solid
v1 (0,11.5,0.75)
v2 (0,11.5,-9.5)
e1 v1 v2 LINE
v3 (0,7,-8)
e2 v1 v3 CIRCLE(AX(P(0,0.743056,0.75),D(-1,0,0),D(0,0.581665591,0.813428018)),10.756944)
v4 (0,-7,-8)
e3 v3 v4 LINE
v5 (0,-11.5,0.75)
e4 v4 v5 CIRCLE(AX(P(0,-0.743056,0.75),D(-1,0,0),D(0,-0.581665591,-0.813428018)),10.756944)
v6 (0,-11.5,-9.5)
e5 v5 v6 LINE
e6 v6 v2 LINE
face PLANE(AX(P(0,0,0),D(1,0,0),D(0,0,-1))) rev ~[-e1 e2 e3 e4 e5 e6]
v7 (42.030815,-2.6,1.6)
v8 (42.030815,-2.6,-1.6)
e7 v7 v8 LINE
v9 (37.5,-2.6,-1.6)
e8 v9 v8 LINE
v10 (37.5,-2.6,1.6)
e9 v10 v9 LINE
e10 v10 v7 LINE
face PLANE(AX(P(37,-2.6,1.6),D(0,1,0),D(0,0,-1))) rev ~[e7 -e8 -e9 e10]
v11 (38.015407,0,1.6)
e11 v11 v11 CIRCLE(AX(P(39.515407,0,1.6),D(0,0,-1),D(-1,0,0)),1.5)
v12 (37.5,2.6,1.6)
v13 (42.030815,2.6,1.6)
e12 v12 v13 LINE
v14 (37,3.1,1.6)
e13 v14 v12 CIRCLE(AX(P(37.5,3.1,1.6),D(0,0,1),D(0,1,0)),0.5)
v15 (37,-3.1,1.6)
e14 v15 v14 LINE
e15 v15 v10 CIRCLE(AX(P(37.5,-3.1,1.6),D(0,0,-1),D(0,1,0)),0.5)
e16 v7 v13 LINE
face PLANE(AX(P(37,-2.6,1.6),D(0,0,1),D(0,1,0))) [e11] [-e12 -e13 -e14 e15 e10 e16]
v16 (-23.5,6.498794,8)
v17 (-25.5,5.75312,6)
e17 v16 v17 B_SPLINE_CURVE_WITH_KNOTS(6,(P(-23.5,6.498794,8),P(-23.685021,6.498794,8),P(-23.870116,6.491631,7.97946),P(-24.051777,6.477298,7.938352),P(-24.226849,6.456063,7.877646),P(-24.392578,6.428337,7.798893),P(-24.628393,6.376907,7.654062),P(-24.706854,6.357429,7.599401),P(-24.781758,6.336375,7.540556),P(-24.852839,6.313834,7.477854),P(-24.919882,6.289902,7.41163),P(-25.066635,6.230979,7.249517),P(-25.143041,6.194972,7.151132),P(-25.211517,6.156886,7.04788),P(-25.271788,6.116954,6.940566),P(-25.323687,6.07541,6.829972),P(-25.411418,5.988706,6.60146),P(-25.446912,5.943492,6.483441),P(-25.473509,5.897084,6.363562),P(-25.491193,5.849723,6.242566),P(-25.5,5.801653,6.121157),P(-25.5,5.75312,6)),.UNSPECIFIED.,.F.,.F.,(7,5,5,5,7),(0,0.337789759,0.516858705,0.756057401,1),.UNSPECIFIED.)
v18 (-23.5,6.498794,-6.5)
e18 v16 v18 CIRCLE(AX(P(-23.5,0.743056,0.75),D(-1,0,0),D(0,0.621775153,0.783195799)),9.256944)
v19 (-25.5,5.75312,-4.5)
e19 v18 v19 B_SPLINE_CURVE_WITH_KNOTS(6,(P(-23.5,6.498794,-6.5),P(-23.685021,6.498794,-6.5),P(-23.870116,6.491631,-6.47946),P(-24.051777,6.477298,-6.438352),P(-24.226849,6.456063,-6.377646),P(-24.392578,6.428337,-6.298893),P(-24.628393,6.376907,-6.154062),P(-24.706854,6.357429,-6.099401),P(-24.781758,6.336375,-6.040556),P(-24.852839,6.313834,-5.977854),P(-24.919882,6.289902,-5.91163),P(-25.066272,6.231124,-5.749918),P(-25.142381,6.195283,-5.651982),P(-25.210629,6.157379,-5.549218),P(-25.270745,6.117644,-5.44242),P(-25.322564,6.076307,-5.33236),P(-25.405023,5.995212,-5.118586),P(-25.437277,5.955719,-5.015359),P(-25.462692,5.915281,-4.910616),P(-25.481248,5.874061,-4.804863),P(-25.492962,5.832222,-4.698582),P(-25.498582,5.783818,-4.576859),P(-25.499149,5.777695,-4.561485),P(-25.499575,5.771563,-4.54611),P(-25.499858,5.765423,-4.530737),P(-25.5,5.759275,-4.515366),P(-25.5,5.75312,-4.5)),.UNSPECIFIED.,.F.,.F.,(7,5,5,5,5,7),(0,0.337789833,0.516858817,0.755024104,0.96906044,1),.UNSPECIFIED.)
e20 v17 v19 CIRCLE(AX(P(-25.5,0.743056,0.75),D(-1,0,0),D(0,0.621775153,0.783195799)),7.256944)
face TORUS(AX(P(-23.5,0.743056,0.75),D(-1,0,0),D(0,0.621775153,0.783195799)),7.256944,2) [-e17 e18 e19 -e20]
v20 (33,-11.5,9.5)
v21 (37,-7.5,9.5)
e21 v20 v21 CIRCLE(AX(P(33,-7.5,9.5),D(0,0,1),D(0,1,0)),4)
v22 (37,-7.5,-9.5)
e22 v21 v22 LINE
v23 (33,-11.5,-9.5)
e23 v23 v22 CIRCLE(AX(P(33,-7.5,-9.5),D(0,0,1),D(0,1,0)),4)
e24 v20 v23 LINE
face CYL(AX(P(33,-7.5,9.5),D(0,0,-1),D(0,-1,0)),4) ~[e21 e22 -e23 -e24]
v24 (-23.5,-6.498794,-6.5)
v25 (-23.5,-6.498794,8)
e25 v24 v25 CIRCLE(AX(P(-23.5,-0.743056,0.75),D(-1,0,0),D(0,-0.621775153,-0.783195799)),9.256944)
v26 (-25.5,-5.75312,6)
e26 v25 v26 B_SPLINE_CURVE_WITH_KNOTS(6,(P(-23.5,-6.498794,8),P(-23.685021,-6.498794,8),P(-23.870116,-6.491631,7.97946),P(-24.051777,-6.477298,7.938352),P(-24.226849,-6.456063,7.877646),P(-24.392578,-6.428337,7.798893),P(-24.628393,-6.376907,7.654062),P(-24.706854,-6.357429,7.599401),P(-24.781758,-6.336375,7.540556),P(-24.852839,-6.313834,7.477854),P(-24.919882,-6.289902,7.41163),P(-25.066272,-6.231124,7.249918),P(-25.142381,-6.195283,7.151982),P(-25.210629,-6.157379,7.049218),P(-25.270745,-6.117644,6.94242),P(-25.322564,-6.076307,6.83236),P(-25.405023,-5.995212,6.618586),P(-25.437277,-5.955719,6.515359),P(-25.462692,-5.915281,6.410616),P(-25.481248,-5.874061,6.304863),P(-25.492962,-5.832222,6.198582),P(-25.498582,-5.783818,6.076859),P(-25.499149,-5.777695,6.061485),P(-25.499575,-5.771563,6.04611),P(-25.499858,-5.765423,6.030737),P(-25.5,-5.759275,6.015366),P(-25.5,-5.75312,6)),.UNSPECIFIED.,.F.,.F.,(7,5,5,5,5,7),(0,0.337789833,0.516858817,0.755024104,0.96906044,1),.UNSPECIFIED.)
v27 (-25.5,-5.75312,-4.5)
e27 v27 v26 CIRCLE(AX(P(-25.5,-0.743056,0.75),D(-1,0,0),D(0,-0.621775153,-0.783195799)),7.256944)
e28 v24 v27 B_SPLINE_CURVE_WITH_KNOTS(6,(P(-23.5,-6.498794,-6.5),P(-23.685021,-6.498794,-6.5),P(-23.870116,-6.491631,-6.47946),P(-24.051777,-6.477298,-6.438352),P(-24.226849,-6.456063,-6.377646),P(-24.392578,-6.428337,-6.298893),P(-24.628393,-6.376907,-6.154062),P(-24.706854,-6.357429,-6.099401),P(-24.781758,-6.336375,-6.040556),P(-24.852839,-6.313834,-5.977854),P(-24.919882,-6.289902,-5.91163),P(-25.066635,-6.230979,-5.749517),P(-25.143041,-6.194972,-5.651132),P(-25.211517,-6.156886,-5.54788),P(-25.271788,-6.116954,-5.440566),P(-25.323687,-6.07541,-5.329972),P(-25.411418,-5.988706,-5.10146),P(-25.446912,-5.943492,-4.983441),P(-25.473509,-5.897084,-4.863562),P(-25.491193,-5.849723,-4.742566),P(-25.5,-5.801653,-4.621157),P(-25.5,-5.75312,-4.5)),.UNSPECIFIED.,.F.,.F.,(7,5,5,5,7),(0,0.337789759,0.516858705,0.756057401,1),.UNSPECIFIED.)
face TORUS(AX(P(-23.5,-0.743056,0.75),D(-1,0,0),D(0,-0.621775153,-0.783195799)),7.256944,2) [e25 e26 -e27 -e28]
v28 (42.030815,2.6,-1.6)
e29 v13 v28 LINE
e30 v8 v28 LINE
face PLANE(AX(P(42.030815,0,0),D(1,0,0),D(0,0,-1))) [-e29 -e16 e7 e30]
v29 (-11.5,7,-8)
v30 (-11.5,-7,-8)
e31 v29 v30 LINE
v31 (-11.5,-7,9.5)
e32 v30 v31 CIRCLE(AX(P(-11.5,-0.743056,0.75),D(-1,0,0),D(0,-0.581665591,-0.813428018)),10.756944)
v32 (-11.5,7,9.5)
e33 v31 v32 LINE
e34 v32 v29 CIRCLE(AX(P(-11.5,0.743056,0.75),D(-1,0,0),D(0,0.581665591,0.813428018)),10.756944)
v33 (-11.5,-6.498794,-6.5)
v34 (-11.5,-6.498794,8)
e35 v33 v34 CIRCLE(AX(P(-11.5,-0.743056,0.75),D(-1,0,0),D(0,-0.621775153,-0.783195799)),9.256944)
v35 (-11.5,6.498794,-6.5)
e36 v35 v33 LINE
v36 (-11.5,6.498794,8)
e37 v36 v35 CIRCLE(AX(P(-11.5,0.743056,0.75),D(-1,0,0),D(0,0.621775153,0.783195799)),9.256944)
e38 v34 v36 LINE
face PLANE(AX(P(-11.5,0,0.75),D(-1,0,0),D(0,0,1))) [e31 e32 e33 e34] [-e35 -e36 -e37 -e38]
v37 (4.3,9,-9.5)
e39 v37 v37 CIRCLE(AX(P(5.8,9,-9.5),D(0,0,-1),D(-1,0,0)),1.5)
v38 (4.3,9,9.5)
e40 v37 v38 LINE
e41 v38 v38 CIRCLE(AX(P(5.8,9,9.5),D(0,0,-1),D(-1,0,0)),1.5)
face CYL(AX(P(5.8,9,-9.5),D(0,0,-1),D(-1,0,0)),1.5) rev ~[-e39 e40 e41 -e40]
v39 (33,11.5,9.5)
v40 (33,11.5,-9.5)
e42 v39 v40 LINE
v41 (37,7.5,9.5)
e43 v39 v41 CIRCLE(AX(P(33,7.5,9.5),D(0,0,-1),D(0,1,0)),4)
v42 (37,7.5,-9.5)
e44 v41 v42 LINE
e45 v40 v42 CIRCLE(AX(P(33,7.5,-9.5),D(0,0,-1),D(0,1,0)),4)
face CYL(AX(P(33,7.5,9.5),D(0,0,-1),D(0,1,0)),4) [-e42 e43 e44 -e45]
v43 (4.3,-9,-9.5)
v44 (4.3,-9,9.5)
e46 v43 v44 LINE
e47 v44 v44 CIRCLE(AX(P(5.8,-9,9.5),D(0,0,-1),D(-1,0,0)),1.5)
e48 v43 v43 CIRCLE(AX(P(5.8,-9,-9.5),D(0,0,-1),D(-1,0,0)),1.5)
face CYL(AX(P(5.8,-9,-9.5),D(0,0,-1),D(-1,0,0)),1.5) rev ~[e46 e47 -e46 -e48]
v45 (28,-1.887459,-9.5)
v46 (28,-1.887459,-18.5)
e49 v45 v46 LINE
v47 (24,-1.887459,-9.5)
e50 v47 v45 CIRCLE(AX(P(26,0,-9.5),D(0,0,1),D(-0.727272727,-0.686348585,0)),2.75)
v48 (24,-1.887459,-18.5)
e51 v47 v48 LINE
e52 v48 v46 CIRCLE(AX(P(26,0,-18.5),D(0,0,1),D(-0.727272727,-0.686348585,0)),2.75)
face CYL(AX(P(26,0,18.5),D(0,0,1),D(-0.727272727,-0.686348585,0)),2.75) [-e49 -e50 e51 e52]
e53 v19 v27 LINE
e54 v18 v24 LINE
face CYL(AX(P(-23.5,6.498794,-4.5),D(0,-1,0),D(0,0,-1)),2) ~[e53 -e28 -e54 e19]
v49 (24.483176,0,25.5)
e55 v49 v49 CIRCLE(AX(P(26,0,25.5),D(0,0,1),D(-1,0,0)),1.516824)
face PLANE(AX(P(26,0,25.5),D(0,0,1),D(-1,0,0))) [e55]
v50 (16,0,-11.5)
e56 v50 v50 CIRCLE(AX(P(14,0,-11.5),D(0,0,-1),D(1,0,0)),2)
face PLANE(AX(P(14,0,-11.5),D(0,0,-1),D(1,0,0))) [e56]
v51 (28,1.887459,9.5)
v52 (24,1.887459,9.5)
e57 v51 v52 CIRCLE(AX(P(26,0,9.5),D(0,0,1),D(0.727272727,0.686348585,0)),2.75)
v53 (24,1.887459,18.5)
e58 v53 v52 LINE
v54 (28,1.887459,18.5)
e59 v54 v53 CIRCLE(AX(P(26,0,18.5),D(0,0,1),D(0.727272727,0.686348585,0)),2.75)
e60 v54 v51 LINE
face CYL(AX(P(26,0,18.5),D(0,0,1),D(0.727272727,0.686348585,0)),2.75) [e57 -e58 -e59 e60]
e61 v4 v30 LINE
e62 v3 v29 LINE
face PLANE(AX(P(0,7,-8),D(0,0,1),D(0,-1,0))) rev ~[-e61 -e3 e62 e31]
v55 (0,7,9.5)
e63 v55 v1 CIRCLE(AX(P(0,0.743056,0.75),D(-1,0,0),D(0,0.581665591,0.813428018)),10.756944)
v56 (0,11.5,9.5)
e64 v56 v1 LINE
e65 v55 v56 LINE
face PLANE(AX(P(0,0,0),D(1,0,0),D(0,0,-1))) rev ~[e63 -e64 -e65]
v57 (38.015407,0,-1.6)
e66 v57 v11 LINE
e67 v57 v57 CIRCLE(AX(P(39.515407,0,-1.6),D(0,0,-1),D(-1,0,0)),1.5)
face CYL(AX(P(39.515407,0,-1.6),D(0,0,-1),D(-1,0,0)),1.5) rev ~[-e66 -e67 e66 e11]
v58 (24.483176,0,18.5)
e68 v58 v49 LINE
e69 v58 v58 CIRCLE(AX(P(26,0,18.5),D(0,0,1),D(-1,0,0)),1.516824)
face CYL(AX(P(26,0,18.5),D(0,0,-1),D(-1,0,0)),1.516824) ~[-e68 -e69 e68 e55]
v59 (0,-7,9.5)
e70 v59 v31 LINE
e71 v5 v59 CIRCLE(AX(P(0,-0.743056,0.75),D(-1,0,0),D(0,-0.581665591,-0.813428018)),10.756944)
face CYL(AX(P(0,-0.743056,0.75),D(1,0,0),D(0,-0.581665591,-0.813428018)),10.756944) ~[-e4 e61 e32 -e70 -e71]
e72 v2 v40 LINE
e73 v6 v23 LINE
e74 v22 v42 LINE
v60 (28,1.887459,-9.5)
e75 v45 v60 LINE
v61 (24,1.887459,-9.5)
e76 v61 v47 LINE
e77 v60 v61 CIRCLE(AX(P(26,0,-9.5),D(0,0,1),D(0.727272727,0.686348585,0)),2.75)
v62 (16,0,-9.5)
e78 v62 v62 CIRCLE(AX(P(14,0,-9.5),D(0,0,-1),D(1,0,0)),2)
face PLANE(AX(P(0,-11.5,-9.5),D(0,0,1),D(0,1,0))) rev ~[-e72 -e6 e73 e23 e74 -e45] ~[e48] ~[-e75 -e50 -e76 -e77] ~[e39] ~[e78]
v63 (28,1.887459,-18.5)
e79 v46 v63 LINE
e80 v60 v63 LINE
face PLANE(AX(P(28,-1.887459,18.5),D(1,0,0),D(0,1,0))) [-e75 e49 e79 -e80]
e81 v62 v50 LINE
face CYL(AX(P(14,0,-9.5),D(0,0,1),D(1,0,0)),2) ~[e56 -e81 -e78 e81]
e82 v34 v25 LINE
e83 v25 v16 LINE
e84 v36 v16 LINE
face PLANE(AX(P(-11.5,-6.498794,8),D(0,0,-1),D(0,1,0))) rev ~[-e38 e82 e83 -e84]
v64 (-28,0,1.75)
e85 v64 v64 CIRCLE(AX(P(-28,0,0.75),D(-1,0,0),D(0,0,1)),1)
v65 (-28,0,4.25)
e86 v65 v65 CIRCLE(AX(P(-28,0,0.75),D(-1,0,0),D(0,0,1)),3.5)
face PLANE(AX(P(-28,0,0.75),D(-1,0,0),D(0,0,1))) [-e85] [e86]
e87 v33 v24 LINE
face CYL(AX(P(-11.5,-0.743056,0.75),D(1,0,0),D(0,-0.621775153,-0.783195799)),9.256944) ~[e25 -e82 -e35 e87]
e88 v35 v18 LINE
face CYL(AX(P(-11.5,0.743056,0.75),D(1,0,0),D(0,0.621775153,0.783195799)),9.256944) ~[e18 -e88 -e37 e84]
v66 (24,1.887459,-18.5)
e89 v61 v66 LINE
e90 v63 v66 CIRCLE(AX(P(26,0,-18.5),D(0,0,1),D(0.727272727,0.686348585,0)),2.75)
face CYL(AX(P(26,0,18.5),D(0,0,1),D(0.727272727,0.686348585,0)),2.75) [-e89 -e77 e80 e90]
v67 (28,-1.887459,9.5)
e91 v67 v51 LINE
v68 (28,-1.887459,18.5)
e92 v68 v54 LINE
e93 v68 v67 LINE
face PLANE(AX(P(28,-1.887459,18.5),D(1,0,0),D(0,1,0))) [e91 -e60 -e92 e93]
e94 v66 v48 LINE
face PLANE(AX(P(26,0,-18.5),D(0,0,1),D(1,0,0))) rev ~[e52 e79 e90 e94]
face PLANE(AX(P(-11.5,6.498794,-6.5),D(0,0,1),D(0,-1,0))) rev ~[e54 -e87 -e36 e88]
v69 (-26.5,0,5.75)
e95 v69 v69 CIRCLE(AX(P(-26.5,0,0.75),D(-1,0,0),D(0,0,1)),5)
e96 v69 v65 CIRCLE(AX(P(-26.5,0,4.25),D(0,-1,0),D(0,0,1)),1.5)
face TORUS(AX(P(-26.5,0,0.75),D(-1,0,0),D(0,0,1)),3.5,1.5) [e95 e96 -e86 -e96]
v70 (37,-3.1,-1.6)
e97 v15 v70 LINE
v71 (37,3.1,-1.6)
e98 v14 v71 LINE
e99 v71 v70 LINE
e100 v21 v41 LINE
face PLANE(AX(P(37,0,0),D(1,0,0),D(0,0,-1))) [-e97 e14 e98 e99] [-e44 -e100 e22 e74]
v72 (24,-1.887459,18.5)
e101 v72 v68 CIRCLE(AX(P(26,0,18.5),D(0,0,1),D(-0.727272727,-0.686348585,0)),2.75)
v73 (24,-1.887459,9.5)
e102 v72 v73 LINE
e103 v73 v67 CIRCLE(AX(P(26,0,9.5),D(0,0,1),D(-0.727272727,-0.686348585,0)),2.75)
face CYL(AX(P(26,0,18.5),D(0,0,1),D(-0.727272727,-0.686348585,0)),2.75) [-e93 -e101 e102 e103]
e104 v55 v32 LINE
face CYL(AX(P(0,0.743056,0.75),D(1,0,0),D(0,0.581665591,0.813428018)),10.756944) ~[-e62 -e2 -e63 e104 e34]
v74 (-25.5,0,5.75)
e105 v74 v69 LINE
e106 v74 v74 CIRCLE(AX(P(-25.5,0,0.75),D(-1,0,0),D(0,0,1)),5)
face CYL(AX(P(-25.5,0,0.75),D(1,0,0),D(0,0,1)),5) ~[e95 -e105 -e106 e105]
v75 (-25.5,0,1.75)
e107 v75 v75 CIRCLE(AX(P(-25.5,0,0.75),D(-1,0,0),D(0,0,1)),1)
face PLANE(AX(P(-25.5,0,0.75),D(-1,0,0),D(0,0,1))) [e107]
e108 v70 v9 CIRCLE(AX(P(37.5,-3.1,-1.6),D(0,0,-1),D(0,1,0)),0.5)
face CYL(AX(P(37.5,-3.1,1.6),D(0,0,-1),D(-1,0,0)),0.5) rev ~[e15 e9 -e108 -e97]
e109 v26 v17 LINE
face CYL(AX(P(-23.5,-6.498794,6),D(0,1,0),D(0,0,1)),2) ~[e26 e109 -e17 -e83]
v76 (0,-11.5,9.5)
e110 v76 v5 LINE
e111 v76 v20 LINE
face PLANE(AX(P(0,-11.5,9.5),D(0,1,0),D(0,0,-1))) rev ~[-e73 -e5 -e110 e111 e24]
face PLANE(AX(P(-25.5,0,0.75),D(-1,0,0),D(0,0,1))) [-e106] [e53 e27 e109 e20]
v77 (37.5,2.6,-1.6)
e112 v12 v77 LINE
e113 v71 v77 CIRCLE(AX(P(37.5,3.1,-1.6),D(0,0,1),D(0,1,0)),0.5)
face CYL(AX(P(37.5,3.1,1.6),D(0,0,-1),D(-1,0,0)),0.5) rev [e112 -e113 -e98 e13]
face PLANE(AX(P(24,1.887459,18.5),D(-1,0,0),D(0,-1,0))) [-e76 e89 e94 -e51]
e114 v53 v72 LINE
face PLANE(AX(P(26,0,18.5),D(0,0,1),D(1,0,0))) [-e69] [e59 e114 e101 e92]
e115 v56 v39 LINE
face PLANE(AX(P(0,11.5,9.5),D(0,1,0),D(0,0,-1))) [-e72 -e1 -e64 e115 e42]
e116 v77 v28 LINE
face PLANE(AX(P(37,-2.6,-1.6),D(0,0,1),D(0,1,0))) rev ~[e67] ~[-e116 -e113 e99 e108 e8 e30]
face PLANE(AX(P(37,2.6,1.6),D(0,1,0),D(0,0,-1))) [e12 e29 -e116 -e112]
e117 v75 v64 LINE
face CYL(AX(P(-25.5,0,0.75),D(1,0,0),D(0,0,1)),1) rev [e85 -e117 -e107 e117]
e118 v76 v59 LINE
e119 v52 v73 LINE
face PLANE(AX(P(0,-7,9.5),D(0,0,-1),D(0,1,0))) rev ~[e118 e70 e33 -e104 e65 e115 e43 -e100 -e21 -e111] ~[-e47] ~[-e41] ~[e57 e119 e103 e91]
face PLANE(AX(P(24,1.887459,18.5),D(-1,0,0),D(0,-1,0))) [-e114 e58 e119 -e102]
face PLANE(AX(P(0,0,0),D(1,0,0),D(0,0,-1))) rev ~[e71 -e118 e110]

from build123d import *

# Parameters (mm, degrees)
ESBO_O1_W                     = 19
ESBO_O1_H                     = 23
RESSALTO_EXTRUS_O1_DEPTH      = 37
FILETE3_R                     = 4
ESBO_O2_W                     = 3.2
ESBO_O2_H                     = 5.2
RESSALTO_EXTRUS_O2_DEPTH      = 5.030814575
ESBO_O4_R                     = 1.5
CORTE_EXTRUS_O1_DEPTH         = 45.967203313
FILETE4_R                     = 0.5
FILETE5_R                     = 0.5
RESSALTO_EXTRUS_O6_DEPTH      = 9
RESSALTO_EXTRUS_O6_DEPTH_BACK = 28
ESBO_O10_R                    = 2
RESSALTO_EXTRUS_O7_DEPTH      = 2
RESSALTO_EXTRUS_O8_DEPTH      = 11.5
RESSALTO_EXTRUS_O9_DEPTH      = 14
FILETE6_R                     = 2
ESBO_O13_R                    = 5
ESBO_O13_R_2                  = 1
RESSALTO_EXTRUS_O12_DEPTH     = 2.5
FILETE7_R                     = 1.5
ESBO_O14_R                    = 1.5
CORTE_EXTRUS_O2_DEPTH         = 52.796132807
ESBO_O16_R                    = 1.516823529
RESSALTO_EXTRUS_O14_DEPTH     = 7


with BuildPart() as part:
    # Esboço1 → Ressalto-extrusão1 (new body)
    with BuildSketch(Plane(origin=(0, 0, 0), x_dir=(0, 0, -1), z_dir=(1, 0, 0))):
        Rectangle(ESBO_O1_W, ESBO_O1_H)
    extrude(amount=RESSALTO_EXTRUS_O1_DEPTH)

    # Filete3
    filete3_edges = [part.edges().sort_by_distance(p)[0] for p in [
        (37, -11.5, 0),
        (37, 11.5, 0),
    ]]
    fillet(filete3_edges, radius=FILETE3_R)

    # Esboço2 → Ressalto-extrusão2 (add)
    with BuildSketch(Plane(origin=(37, 0, 0), x_dir=(0, 0, -1), z_dir=(1, 0, 0))):
        Rectangle(ESBO_O2_W, ESBO_O2_H)
    extrude(amount=RESSALTO_EXTRUS_O2_DEPTH)

    # Esboço4 → Corte-extrusão1 (cut, through all)
    with BuildSketch(Plane(origin=(0, 0, -1.6), x_dir=(-1, 0, 0), z_dir=(0, 0, -1))):
        with Locations((-39.515407287, 0)):
            Circle(ESBO_O4_R)
    extrude(amount=-CORTE_EXTRUS_O1_DEPTH, mode=Mode.SUBTRACT)

    # Filete4
    filete4_edges = [part.edges().sort_by_distance(p)[0] for p in [
        (37, 2.6, 0),
    ]]
    fillet(filete4_edges, radius=FILETE4_R)

    # Filete5
    filete5_edges = [part.edges().sort_by_distance(p)[0] for p in [
        (37, -2.6, 0),
    ]]
    fillet(filete5_edges, radius=FILETE5_R)

    # Esboço6 → Ressalto-extrusão6 (add, two sides: drawn at the far end of the back side and taken through both)
    with BuildSketch(Plane(origin=(0, 0, -9.5), x_dir=(-1, 0, 0), z_dir=(0, 0, -1)).offset(-RESSALTO_EXTRUS_O6_DEPTH_BACK)):
        with BuildLine():
            Line((-28, -1.887458609), (-28, 1.887458609))
            ThreePointArc((-28, 1.887458609), (-26, 2.75), (-24, 1.887458609))
            Line((-24, 1.887458609), (-24, -1.887458609))
            ThreePointArc((-24, -1.887458609), (-26, -2.75), (-28, -1.887458609))
        make_face()
    extrude(amount=RESSALTO_EXTRUS_O6_DEPTH + RESSALTO_EXTRUS_O6_DEPTH_BACK)

    # Esboço10 → Ressalto-extrusão7 (add)
    with BuildSketch(Plane(origin=(0, 0, -9.5), x_dir=(-1, 0, 0), z_dir=(0, 0, -1))):
        with Locations(Location((-14, 0, 0), (0, 0, 180))):
            Circle(ESBO_O10_R)
    extrude(amount=RESSALTO_EXTRUS_O7_DEPTH)

    # Esboço11 → Ressalto-extrusão8 (add)
    with BuildSketch(Plane.ZY):
        with BuildLine():
            Line((9.5, -7), (9.5, 7))
            ThreePointArc((9.5, 7), (0.75, 11.5), (-8, 7))
            Line((-8, 7), (-8, -7))
            ThreePointArc((-8, -7), (0.75, -11.5), (9.5, -7))
        make_face()
    extrude(amount=RESSALTO_EXTRUS_O8_DEPTH)

    # Esboço12 → Ressalto-extrusão9 (add)
    with BuildSketch(Plane.ZY.offset(11.5)):
        with BuildLine():
            Line((-6.5, 6.498793601), (-6.5, -6.498793601))
            ThreePointArc((-6.5, -6.498793601), (0.75, -10), (8, -6.498793601))
            Line((8, -6.498793601), (8, 6.498793601))
            ThreePointArc((8, 6.498793601), (0.75, 10), (-6.5, 6.498793601))
        make_face()
    extrude(amount=RESSALTO_EXTRUS_O9_DEPTH)

    # Filete6
    filete6_edges = [part.edges().sort_by_distance(p)[0] for p in [
        (-25.5, 10, 0.75),
        (-25.5, 0, -6.5),
        (-25.5, -10, 0.75),
        (-25.5, 0, 8),
    ]]
    fillet(filete6_edges, radius=FILETE6_R)

    # Esboço13 → Ressalto-extrusão12 (add)
    with BuildSketch(Plane.ZY.offset(25.5)):
        with Locations((0.75, 0)):
            Circle(ESBO_O13_R)
        with Locations((0.75, 0)):
            Circle(ESBO_O13_R_2, mode=Mode.SUBTRACT)
    extrude(amount=RESSALTO_EXTRUS_O12_DEPTH)

    # Filete7
    filete7_edges = [part.edges().sort_by_distance(p)[0] for p in [
        (-28, 0, -4.25),
    ]]
    fillet(filete7_edges, radius=FILETE7_R)

    # Esboço14 → Corte-extrusão2 (cut, through all)
    with BuildSketch(Plane(origin=(0, 0, -9.5), x_dir=(-1, 0, 0), z_dir=(0, 0, -1))):
        with Locations((-5.8, 9)):
            Circle(ESBO_O14_R)
        with Locations((-5.8, -9)):
            Circle(ESBO_O14_R)
    extrude(amount=-CORTE_EXTRUS_O2_DEPTH, mode=Mode.SUBTRACT)

    # Esboço16 → Ressalto-extrusão14 (add)
    with BuildSketch(Plane.XY.offset(18.5)):
        with Locations(Location((26, 0, 0), (0, 0, 180))):
            Circle(ESBO_O16_R)
    extrude(amount=RESSALTO_EXTRUS_O14_DEPTH)


solid = part.part
